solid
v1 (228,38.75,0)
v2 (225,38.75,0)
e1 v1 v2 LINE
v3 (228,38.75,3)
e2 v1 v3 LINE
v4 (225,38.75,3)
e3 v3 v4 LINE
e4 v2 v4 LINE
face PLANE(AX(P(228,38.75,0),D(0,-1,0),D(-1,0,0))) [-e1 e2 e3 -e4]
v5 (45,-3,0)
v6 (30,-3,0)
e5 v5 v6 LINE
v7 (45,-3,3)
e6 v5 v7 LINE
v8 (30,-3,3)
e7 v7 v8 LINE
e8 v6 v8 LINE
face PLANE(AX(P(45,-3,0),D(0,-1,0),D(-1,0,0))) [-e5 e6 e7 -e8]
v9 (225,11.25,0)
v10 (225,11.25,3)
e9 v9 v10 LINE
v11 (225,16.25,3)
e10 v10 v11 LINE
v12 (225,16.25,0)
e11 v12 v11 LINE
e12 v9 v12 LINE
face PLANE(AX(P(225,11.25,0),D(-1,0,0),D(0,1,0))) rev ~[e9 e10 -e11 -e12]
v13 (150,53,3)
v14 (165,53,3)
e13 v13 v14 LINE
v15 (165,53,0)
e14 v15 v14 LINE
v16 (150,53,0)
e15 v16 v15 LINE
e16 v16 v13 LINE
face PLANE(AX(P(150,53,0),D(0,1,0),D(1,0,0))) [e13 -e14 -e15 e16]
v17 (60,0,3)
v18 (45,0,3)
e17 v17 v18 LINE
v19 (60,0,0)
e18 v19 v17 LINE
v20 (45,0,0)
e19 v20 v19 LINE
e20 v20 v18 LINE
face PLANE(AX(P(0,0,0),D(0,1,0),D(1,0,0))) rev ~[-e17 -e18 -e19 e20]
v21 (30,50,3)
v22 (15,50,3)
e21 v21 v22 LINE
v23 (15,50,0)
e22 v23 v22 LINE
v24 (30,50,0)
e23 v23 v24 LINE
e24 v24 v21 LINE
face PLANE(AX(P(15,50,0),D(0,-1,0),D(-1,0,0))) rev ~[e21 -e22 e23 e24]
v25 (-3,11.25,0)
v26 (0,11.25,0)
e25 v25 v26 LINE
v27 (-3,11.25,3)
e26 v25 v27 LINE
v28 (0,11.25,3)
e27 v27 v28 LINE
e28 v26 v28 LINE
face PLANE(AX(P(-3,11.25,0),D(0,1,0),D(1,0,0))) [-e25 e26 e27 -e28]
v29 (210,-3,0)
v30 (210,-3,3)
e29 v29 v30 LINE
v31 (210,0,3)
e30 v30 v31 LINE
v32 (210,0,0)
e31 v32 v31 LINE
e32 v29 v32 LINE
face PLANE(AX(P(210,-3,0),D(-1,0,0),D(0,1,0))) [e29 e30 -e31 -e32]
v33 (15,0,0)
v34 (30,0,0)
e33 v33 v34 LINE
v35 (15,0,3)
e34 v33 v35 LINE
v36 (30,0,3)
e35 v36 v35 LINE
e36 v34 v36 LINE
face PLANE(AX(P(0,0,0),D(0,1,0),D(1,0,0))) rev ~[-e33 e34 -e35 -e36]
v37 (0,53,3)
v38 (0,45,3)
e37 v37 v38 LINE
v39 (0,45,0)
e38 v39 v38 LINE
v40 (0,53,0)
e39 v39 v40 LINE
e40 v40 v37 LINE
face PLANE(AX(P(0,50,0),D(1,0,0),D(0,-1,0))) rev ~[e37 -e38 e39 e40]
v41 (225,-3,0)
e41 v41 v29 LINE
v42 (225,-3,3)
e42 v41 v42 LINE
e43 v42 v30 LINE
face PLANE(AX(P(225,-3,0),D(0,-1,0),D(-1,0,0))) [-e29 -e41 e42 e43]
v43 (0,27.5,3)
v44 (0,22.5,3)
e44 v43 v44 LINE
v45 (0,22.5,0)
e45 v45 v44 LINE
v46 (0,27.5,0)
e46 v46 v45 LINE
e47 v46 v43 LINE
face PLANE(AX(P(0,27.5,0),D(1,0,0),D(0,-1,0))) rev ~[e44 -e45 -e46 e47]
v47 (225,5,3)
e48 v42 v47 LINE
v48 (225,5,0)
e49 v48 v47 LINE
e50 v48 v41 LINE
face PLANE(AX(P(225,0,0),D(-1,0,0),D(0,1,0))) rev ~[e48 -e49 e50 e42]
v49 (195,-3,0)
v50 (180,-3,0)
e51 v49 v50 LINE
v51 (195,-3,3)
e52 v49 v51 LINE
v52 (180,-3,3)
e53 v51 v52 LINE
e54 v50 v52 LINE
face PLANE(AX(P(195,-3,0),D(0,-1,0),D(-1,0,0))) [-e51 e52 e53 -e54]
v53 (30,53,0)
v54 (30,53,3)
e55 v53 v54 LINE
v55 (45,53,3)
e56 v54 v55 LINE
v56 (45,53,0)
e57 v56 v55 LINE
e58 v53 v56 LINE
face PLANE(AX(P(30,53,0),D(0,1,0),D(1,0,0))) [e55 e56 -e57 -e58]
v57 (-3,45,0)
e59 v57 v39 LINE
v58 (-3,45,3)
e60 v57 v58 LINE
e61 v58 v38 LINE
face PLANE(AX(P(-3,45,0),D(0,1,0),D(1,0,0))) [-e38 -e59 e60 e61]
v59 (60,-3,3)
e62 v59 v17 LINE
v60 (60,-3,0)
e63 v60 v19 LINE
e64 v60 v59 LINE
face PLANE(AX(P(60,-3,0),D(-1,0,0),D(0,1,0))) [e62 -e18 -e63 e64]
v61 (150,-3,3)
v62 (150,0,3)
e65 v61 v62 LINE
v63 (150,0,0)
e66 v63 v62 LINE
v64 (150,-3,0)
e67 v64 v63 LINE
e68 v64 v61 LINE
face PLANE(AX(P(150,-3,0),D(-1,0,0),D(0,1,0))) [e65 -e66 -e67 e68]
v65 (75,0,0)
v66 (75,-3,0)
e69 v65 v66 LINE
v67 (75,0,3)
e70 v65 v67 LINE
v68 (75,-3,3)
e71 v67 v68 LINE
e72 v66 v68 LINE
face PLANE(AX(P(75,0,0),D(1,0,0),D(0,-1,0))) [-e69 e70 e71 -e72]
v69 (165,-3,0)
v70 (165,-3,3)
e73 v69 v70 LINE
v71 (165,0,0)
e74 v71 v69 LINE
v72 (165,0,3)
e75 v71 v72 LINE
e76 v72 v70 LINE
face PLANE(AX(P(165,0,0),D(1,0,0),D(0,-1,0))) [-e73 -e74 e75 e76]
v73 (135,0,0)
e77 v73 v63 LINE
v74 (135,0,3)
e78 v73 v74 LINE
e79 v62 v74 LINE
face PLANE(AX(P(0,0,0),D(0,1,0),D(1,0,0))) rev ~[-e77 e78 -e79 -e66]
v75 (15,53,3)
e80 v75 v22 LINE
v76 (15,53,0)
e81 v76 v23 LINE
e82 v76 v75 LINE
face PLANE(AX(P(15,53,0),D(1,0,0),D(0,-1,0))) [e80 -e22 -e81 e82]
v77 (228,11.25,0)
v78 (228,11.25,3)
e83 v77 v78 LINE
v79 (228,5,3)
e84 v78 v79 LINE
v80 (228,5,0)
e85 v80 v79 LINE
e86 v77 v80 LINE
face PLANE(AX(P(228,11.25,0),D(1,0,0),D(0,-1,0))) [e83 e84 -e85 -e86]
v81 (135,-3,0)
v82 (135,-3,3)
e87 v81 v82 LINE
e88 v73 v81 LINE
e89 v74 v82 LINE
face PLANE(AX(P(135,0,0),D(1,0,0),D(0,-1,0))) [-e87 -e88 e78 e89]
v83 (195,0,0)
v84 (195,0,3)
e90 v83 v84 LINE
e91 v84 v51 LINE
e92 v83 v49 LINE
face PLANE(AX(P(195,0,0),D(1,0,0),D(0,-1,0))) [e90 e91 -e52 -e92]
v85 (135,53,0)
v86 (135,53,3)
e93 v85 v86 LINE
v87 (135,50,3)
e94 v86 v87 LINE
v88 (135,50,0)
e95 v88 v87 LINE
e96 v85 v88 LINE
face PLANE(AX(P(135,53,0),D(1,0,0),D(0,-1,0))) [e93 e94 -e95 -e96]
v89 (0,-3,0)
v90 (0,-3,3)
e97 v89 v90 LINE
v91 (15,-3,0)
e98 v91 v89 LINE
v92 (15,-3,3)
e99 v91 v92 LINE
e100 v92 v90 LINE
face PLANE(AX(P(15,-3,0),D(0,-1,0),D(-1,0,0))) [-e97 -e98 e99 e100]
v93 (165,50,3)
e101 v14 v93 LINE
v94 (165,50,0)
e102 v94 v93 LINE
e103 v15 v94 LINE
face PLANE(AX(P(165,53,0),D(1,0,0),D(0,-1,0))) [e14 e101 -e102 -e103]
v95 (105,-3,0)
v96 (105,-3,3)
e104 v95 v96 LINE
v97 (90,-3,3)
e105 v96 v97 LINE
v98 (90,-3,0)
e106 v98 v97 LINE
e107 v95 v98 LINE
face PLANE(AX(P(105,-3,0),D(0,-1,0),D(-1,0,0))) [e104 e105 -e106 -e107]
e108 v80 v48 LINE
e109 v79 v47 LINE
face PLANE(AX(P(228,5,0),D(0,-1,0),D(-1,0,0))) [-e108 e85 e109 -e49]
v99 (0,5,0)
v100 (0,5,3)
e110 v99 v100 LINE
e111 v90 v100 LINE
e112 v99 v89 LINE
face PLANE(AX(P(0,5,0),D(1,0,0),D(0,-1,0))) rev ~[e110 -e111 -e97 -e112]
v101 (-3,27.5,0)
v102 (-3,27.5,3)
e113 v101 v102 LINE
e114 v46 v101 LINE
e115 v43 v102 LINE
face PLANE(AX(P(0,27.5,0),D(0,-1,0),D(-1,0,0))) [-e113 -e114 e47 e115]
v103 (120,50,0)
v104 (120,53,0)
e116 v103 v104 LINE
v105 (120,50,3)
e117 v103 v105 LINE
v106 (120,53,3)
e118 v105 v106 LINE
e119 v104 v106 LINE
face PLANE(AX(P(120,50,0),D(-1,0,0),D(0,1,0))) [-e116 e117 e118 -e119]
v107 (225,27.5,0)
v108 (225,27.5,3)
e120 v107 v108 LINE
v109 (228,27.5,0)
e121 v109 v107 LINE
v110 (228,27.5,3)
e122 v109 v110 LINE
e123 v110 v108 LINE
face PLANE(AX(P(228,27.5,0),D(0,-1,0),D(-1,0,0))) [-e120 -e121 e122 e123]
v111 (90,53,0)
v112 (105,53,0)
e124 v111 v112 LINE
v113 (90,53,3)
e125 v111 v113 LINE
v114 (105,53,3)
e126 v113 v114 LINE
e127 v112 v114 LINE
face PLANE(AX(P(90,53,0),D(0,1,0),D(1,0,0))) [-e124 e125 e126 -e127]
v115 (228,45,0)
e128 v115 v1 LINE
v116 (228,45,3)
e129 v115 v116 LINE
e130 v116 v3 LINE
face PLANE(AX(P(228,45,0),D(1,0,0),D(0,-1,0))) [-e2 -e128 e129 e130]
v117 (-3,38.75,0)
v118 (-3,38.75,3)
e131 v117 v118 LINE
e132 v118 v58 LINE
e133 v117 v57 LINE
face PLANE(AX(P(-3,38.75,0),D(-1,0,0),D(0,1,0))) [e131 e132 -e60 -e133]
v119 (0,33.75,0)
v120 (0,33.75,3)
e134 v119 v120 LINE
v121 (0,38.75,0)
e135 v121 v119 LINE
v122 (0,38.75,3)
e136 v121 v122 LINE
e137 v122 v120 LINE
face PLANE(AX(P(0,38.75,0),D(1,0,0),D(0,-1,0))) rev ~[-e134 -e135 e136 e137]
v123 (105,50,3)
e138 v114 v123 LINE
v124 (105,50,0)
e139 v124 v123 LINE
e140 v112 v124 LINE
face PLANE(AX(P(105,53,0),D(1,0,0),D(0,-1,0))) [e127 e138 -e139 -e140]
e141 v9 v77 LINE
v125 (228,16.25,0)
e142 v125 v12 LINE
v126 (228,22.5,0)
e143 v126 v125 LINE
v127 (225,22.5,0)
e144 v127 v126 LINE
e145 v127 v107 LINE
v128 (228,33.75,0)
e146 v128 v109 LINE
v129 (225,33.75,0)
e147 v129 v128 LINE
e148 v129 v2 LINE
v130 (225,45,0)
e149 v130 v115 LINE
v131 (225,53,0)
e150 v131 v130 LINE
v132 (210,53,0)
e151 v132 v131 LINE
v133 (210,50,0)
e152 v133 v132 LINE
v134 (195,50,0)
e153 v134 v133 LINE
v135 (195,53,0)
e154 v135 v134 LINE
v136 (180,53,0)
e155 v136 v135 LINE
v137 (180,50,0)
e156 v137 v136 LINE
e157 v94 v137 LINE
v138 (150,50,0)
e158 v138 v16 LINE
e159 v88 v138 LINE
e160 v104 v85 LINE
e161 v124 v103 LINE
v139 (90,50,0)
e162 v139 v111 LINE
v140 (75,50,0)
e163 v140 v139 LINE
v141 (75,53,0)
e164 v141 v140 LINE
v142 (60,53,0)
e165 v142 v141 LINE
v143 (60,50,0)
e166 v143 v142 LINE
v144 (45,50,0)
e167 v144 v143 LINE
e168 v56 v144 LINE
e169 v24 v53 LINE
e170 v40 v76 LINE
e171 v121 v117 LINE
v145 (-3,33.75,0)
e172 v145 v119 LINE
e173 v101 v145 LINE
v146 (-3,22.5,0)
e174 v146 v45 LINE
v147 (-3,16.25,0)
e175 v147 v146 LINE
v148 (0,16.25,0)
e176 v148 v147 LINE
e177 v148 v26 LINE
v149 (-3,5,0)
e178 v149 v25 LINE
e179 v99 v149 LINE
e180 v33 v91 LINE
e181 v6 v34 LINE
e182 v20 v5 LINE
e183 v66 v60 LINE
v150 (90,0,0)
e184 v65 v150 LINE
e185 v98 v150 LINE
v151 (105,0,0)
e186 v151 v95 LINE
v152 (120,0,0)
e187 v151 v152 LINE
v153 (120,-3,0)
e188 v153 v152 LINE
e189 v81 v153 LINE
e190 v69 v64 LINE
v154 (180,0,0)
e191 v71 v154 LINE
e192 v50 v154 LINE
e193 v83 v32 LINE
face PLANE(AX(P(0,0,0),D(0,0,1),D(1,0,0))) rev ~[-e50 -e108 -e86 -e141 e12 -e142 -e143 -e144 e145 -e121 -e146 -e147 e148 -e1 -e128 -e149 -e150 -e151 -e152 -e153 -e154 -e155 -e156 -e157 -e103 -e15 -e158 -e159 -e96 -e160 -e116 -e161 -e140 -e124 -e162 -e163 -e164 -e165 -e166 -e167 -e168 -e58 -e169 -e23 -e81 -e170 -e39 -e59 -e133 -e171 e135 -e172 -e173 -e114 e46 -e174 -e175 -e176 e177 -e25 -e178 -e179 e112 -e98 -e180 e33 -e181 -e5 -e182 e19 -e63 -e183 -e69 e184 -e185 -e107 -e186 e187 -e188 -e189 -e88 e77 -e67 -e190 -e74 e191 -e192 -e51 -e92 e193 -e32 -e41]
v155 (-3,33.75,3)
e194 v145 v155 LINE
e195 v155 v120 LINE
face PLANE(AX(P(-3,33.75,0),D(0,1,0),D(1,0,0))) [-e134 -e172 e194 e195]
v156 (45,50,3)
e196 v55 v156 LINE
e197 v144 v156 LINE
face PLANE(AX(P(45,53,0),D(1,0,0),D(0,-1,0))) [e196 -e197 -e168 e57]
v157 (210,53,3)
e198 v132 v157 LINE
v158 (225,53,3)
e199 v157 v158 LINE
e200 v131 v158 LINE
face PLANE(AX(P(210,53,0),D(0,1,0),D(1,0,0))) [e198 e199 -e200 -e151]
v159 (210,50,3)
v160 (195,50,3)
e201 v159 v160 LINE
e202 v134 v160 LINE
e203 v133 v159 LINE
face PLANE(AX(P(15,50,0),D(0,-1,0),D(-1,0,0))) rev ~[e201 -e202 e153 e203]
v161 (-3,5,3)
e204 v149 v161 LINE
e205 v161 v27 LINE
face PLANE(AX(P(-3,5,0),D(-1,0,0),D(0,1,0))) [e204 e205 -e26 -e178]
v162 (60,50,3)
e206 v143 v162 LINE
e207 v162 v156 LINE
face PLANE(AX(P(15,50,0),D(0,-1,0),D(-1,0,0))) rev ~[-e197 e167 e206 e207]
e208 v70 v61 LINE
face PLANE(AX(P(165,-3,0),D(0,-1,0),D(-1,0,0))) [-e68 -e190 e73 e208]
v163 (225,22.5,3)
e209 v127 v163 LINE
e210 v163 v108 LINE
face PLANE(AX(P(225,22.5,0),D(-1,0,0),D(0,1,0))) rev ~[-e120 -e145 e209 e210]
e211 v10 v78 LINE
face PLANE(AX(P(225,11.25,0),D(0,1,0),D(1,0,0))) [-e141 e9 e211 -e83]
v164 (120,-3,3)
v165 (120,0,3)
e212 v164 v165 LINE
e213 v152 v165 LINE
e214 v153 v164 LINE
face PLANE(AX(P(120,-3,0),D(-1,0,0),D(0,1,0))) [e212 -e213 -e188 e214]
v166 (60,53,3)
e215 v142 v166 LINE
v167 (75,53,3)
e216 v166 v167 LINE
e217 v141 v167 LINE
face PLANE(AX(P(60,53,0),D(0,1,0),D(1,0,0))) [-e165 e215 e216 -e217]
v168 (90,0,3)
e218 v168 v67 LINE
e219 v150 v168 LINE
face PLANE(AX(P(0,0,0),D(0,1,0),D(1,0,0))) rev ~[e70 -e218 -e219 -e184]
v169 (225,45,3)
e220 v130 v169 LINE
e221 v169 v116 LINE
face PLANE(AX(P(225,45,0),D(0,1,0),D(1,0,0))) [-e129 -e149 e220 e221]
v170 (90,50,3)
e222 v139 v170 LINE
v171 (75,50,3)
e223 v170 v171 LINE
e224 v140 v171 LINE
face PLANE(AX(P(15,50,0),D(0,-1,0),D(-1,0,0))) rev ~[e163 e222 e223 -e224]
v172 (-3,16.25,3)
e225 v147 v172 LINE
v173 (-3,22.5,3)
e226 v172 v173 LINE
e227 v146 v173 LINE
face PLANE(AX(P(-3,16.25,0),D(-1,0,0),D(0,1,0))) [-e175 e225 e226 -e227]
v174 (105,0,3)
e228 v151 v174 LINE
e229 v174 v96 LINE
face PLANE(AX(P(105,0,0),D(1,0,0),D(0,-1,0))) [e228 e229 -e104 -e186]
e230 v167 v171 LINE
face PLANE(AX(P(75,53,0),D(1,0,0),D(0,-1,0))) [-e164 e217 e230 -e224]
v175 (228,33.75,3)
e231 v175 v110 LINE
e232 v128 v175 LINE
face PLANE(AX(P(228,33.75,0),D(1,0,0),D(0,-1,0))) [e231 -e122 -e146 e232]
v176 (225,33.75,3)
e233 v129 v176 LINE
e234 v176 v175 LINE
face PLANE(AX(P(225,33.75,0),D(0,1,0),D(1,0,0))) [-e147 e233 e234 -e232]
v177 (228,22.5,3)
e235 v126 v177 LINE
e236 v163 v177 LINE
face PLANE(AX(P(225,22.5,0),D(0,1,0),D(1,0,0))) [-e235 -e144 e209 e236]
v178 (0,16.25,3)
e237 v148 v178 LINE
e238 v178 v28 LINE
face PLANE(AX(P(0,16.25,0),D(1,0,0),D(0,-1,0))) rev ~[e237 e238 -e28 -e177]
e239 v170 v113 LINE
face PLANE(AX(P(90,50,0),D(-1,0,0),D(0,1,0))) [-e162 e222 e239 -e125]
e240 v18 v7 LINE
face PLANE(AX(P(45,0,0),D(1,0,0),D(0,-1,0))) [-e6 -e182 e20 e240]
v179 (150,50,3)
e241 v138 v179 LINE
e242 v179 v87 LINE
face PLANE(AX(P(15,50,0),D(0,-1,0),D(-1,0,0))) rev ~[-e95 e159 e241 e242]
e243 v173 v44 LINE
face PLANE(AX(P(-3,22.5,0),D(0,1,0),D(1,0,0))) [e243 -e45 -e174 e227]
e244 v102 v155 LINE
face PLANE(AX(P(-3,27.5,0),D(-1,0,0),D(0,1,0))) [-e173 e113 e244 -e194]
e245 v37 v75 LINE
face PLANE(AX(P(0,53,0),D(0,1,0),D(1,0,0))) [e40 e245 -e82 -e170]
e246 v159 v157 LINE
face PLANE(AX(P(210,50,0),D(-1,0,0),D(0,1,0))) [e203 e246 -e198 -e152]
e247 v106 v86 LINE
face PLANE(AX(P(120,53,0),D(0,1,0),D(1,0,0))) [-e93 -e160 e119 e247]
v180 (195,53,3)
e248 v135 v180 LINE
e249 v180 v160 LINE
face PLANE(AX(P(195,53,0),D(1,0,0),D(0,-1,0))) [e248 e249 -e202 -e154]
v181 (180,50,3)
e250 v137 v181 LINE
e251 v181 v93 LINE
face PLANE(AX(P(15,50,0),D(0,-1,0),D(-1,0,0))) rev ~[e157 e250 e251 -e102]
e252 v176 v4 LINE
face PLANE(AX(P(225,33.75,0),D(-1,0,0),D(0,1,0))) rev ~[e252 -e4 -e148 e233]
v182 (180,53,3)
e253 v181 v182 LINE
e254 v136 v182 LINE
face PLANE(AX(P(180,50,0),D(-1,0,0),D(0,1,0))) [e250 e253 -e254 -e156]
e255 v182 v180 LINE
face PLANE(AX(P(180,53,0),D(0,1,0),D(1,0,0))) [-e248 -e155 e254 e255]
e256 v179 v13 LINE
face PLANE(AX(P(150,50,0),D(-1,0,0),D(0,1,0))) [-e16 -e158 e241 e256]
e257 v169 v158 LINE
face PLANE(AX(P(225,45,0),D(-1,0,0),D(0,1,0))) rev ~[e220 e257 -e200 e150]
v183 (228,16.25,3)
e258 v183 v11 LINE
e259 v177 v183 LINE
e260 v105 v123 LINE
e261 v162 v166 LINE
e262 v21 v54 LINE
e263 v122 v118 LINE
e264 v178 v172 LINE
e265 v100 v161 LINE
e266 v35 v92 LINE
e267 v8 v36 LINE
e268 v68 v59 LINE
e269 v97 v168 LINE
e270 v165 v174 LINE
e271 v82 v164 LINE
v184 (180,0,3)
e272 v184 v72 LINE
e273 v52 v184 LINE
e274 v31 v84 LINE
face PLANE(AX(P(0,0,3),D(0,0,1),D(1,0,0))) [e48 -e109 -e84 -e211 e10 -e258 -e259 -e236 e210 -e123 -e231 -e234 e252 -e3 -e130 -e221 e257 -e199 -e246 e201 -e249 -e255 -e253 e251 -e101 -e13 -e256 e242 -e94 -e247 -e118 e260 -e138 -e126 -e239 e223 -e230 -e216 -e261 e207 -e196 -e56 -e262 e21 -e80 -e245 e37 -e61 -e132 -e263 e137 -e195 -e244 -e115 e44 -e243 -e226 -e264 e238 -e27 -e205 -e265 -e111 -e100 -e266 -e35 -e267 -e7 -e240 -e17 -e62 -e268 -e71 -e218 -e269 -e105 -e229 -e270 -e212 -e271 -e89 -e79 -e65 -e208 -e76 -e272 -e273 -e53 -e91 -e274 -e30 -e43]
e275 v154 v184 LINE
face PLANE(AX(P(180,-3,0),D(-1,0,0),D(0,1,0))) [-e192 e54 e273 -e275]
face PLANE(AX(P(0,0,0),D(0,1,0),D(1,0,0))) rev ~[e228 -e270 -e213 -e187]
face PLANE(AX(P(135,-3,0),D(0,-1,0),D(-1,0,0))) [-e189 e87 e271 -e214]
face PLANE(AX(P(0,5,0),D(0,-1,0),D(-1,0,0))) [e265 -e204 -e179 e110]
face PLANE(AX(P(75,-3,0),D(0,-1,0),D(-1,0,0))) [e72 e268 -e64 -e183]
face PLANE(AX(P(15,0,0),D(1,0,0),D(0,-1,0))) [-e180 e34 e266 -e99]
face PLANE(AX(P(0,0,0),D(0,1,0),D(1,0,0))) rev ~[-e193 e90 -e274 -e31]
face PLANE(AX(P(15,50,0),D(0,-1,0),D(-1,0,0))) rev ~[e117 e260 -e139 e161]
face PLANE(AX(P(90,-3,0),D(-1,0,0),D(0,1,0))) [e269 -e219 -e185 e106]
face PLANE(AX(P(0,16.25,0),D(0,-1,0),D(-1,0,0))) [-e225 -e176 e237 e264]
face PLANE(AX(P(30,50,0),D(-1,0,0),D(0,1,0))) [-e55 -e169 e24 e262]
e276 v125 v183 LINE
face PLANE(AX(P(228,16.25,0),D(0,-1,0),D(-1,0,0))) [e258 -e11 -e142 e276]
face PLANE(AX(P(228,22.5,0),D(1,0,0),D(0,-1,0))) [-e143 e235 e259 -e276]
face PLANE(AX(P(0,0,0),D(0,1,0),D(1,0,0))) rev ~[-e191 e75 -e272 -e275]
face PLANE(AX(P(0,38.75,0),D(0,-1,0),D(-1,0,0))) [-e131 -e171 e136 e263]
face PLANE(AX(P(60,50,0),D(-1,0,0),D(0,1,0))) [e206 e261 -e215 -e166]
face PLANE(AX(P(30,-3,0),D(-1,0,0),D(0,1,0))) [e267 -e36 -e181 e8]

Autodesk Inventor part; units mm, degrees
ref_plane "YZ Plane" through (0, 0, 0) normal (1, 0, 0) x (0, 1, 0)
ref_plane "XZ Plane" through (0, 0, 0) normal (0, 1, 0) x (-1, 0, 0)
ref_plane "XY Plane" through (0, 0, 0) normal (0, 0, 1) x (1, 0, 0)
sketch "Sketch1" plane through (0, 0, 0) normal (0, 0, 1) x (1, 0, 0)
  line L0 (0, 0) -> (225, 0)
  line L1 (225, 0) -> (225, 50)
  line L2 (225, 50) -> (0, 50)
  line L3 (0, 50) -> (0, 0)
  line L4 (-3, 45) -> (0, 45)
  line L5 (0, 45) -> (0, 38.75)
  line L6 (0, 38.75) -> (-3, 38.75)
  line L7 (-3, 38.75) -> (-3, 45)
  line L8 (0, 0) -> (15, 0)
  line L9 (15, 0) -> (15, -3)
  line L10 (15, -3) -> (0, -3)
  line L11 (0, -3) -> (0, 0)
  line L12 (-3, 33.75) -> (0, 33.75)
  line L13 (0, 33.75) -> (0, 27.5)
  line L14 (-3, 27.5) -> (-3, 33.75)
  line L15 (0, 27.5) -> (-3, 27.5)
  line L16 (-3, 22.5) -> (0, 22.5)
  line L17 (0, 22.5) -> (0, 16.25)
  line L18 (-3, 16.25) -> (-3, 22.5)
  line L19 (0, 16.25) -> (-3, 16.25)
  line L20 (-3, 11.25) -> (0, 11.25)
  line L21 (0, 11.25) -> (0, 5)
  line L22 (-3, 5) -> (-3, 11.25)
  line L23 (0, 5) -> (-3, 5)
  line L24 (225, 45) -> (228, 45)
  line L25 (228, 45) -> (228, 38.75)
  line L26 (225, 38.75) -> (225, 45)
  line L27 (228, 38.75) -> (225, 38.75)
  line L28 (225, 33.75) -> (228, 33.75)
  line L29 (228, 33.75) -> (228, 27.5)
  line L30 (225, 27.5) -> (225, 33.75)
  line L31 (228, 27.5) -> (225, 27.5)
  line L32 (225, 22.5) -> (228, 22.5)
  line L33 (228, 22.5) -> (228, 16.25)
  line L34 (225, 16.25) -> (225, 22.5)
  line L35 (228, 16.25) -> (225, 16.25)
  line L36 (225, 11.25) -> (228, 11.25)
  line L37 (228, 11.25) -> (228, 5)
  line L38 (225, 5) -> (225, 11.25)
  line L39 (228, 5) -> (225, 5)
  line L40 (45, -3) -> (30, -3)
  line L41 (30, -3) -> (30, 0)
  line L42 (45, 0) -> (45, -3)
  line L43 (30, 0) -> (45, 0)
  line L44 (75, -3) -> (60, -3)
  line L45 (60, -3) -> (60, 0)
  line L46 (75, 0) -> (75, -3)
  line L47 (60, 0) -> (75, 0)
  line L48 (105, -3) -> (90, -3)
  line L49 (90, -3) -> (90, 0)
  line L50 (105, 0) -> (105, -3)
  line L51 (90, 0) -> (105, 0)
  line L52 (135, -3) -> (120, -3)
  line L53 (120, -3) -> (120, 0)
  line L54 (135, 0) -> (135, -3)
  line L55 (120, 0) -> (135, 0)
  line L56 (165, -3) -> (150, -3)
  line L57 (150, -3) -> (150, 0)
  line L58 (165, 0) -> (165, -3)
  line L59 (150, 0) -> (165, 0)
  line L60 (195, -3) -> (180, -3)
  line L61 (180, -3) -> (180, 0)
  line L62 (195, 0) -> (195, -3)
  line L63 (180, 0) -> (195, 0)
  line L64 (225, -3) -> (210, -3)
  line L65 (210, -3) -> (210, 0)
  line L66 (225, 0) -> (225, -3)
  line L67 (210, 0) -> (225, 0)
  line L68 (15, 50) -> (0, 50)
  line L69 (0, 50) -> (0, 53)
  line L70 (15, 53) -> (15, 50)
  line L71 (0, 53) -> (15, 53)
  line L72 (45, 50) -> (30, 50)
  line L73 (30, 50) -> (30, 53)
  line L74 (45, 53) -> (45, 50)
  line L75 (30, 53) -> (45, 53)
  line L76 (75, 50) -> (60, 50)
  line L77 (60, 50) -> (60, 53)
  line L78 (75, 53) -> (75, 50)
  line L79 (60, 53) -> (75, 53)
  line L80 (105, 50) -> (90, 50)
  line L81 (90, 50) -> (90, 53)
  line L82 (105, 53) -> (105, 50)
  line L83 (90, 53) -> (105, 53)
  line L84 (135, 50) -> (120, 50)
  line L85 (120, 50) -> (120, 53)
  line L86 (135, 53) -> (135, 50)
  line L87 (120, 53) -> (135, 53)
  line L88 (165, 50) -> (150, 50)
  line L89 (150, 50) -> (150, 53)
  line L90 (165, 53) -> (165, 50)
  line L91 (150, 53) -> (165, 53)
  line L92 (195, 50) -> (180, 50)
  line L93 (180, 50) -> (180, 53)
  line L94 (195, 53) -> (195, 50)
  line L95 (180, 53) -> (195, 53)
  line L96 (225, 50) -> (210, 50)
  line L97 (210, 50) -> (210, 53)
  line L98 (225, 53) -> (225, 50)
  line L99 (210, 53) -> (225, 53)
  point P0 (0, 38.75)
  point P1 (0, 50)
  dimension "d0" = 225
  dimension "d1" = 50
  dimension "d4" = 6.25
  dimension "d5" = 3
  dimension "d6" = 5
  dimension "d7" = 15
  dimension "d8" = 3
  dimension "d13" = 11.25
  dimension "d16" = 228
  dimension "d21" = 30
  dimension "d24" = 53
extrude "Extrusion1" add sketch "Sketch1" along normal blind 3 contours L3 L2 L1 L0 | L23 L22 L20 L3 | L19 L18 L16 L3 | L15 L14 L12 L3 | L6 L7 L4 L3 | L1 L36 L37 L39 | L1 L32 L33 L35 | L1 L28 L29 L31 | L1 L24 L25 L27
extrude "Extrusion2" add sketch "Sketch1" along normal blind 3 contours L0 L9 L10 L11 | L0 L42 L40 L41 | L0 L46 L44 L45 | L0 L50 L48 L49 | L0 L54 L52 L53 | L69 L71 L70 L2 | L0 L58 L56 L57 | L73 L75 L74 L2 | L0 L62 L60 L61 | L77 L79 L78 L2 | L0 L66 L64 L65 | L81 L83 L82 L2 | L85 L87 L86 L2 | L89 L91 L90 L2 | L93 L95 L94 L2 | L97 L99 L98 L2
properties part number "AnchoBase"
